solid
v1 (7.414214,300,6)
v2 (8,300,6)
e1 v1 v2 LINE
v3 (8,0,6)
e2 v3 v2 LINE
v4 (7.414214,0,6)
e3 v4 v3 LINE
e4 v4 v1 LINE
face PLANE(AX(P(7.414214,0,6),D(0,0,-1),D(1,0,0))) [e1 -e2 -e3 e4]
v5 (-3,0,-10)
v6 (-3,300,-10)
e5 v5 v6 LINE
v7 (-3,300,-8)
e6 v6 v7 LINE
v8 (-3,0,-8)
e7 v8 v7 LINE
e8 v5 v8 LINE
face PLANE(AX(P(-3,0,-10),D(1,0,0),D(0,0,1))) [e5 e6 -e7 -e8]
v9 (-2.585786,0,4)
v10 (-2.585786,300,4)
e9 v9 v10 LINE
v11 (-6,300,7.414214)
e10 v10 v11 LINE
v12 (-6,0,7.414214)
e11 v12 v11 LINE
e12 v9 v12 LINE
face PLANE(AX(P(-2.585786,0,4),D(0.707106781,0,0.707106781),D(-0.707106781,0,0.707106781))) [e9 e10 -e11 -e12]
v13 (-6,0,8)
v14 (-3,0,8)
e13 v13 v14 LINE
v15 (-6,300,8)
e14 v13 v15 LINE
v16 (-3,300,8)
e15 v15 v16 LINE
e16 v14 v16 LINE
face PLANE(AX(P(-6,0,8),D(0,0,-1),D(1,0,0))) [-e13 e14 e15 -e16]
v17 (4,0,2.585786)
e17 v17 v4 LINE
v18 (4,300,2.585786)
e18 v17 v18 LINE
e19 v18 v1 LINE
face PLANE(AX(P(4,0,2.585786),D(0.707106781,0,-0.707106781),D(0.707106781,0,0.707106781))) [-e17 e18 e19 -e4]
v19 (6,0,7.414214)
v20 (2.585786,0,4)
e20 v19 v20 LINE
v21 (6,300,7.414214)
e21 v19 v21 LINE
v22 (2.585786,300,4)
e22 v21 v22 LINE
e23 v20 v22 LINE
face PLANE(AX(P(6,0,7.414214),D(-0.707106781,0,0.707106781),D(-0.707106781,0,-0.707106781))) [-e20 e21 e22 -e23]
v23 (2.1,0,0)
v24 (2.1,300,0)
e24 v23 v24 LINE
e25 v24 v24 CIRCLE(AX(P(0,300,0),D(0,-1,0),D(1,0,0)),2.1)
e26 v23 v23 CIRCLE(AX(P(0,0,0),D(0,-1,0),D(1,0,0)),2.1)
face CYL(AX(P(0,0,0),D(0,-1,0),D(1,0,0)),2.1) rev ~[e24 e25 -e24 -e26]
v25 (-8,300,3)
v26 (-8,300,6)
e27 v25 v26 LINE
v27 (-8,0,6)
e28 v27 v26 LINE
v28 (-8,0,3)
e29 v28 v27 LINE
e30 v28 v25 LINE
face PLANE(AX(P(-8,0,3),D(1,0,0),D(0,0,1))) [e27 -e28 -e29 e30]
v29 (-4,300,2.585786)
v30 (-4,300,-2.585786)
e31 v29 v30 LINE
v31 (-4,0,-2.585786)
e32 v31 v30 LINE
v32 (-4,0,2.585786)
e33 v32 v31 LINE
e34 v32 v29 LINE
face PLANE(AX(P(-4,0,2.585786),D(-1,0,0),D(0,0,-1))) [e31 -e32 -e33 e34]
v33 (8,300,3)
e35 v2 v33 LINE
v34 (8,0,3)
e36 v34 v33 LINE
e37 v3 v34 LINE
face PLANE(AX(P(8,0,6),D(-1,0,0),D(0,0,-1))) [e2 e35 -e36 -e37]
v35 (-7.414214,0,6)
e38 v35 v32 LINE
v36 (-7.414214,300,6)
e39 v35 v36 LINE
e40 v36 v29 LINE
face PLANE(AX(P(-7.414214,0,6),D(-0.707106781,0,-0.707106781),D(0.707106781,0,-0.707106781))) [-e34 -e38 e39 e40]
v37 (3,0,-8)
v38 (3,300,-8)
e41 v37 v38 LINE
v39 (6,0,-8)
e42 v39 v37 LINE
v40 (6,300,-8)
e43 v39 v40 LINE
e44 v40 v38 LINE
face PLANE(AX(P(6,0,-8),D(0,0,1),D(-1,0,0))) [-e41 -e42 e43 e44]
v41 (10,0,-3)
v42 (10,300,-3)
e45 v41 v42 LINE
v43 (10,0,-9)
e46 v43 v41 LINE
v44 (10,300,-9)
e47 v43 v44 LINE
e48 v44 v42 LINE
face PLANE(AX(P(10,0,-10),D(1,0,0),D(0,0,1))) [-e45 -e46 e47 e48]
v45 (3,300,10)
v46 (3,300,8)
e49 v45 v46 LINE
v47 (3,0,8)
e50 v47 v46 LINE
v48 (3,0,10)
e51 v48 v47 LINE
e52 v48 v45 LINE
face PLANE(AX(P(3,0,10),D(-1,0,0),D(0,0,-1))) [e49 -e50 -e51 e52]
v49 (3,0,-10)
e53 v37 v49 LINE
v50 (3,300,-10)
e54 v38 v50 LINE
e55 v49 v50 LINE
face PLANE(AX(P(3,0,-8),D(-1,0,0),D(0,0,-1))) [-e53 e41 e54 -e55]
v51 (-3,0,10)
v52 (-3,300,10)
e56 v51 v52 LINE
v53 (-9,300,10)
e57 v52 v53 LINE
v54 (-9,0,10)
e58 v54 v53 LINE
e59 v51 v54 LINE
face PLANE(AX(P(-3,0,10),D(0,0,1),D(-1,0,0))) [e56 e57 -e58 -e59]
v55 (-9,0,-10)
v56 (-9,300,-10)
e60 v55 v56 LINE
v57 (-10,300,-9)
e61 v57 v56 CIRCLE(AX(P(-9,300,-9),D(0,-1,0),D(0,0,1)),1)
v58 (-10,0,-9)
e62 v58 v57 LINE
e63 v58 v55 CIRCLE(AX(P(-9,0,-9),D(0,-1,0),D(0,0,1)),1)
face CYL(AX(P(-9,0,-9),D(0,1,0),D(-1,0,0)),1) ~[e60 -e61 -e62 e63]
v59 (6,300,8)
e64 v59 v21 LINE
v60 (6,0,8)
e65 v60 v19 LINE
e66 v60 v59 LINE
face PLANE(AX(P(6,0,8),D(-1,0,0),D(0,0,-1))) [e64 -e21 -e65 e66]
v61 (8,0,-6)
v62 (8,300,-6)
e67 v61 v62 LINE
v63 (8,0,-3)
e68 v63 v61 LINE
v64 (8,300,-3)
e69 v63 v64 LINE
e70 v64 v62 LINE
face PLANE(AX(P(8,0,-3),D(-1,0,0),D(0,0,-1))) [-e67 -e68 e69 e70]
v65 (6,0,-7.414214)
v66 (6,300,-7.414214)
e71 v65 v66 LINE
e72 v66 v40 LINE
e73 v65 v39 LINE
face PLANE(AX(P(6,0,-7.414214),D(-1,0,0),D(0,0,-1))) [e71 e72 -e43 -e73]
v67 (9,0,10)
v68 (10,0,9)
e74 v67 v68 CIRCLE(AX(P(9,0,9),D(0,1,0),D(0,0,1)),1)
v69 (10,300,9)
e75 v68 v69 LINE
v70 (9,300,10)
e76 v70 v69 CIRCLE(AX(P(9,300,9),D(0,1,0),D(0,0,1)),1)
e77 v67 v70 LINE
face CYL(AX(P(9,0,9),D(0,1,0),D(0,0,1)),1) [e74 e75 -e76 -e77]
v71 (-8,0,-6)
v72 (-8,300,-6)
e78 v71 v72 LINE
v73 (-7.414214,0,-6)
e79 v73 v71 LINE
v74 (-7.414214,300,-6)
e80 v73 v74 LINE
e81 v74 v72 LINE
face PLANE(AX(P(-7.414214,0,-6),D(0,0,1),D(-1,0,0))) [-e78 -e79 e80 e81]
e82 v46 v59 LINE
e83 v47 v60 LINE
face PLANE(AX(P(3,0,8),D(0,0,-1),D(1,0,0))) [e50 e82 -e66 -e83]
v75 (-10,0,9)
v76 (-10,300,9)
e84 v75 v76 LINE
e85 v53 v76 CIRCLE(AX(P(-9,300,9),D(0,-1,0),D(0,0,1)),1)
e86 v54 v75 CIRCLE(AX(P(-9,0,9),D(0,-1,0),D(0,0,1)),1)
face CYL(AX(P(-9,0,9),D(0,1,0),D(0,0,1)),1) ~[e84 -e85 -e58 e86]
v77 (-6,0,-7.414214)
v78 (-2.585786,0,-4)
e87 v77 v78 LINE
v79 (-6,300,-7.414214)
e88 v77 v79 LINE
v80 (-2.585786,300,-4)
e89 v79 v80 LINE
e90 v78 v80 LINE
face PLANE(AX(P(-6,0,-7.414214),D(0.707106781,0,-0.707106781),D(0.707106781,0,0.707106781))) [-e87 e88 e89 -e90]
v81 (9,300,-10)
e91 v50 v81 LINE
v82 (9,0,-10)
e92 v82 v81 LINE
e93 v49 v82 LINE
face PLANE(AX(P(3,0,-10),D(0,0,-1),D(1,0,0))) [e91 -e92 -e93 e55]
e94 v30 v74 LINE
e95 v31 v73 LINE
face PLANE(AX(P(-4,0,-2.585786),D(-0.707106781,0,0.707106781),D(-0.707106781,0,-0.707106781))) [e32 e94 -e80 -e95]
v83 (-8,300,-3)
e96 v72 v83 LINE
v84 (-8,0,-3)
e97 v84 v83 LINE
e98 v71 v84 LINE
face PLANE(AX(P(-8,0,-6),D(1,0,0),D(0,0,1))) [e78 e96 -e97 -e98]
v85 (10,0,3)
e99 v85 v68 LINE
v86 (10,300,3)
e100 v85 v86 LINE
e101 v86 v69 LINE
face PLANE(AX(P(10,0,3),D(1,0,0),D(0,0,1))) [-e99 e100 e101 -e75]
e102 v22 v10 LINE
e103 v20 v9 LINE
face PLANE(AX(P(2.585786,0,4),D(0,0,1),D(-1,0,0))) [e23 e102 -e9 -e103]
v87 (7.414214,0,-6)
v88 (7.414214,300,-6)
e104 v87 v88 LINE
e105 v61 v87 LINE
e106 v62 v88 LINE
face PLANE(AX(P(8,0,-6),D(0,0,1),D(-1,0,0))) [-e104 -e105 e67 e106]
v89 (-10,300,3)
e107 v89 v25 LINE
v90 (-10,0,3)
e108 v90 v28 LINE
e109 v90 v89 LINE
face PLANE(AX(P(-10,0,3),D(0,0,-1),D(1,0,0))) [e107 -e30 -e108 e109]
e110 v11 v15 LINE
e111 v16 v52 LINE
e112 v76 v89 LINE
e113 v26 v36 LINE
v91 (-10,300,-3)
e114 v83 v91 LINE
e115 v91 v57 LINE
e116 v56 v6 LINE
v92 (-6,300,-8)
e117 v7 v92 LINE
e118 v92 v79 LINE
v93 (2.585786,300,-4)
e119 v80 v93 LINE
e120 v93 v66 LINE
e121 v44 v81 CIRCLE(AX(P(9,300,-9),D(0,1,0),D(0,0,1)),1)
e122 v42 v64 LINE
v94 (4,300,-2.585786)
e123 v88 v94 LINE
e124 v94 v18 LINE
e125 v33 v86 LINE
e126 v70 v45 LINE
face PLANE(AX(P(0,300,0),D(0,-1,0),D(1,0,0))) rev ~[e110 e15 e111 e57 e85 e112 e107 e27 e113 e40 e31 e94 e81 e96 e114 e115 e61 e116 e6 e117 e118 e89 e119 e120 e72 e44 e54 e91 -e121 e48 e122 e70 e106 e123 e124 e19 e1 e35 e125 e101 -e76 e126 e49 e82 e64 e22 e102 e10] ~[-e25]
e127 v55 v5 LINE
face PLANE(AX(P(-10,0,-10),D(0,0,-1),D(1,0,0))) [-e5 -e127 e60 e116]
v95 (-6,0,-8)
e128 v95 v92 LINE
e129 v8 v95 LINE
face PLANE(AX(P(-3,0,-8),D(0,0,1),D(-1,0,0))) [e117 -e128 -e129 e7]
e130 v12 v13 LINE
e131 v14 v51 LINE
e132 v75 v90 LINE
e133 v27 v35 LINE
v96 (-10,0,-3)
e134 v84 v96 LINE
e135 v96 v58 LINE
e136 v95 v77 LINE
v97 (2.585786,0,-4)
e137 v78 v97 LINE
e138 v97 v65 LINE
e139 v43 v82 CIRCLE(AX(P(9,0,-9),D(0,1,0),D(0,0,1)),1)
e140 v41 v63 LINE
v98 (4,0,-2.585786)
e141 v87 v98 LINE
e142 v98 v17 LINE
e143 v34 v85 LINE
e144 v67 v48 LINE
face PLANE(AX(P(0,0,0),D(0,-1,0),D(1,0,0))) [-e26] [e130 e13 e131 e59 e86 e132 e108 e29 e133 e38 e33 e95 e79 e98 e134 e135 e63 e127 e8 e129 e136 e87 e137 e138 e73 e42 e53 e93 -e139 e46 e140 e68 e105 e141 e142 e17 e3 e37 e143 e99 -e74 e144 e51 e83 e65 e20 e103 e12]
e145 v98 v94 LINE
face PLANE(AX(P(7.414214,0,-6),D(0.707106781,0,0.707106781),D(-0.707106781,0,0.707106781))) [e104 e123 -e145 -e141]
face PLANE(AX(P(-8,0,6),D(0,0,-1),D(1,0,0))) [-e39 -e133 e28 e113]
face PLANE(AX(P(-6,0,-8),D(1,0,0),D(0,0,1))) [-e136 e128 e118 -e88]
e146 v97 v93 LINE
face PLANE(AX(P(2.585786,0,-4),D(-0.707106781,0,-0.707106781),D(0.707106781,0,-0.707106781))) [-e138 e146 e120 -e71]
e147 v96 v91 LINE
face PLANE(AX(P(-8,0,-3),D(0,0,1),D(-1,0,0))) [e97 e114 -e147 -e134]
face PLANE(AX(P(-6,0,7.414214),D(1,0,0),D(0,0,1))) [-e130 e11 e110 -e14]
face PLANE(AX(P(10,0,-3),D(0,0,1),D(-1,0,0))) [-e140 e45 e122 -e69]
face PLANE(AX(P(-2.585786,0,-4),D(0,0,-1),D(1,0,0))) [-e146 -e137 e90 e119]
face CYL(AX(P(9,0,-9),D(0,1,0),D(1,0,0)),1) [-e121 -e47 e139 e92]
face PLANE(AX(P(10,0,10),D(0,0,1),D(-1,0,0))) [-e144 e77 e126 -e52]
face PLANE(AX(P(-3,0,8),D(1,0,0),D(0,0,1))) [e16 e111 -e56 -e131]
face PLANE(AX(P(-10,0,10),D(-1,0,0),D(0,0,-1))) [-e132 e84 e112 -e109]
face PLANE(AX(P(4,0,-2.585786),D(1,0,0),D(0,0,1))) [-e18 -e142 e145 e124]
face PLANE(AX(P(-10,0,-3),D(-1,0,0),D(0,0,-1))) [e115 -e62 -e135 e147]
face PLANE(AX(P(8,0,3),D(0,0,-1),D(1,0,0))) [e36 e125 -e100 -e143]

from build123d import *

# Parameters (mm, degrees)
F0_R     = 2.1
F1_DEPTH = 300
F2_R     = 1


with BuildPart() as f1:
    # F0 (on Front) → F1 (new body)
    with BuildSketch(Plane.XZ):
        Polygon((2.585786, 4), (0, 4), (-2.585786, 4), (-6, 7.414214), (-6, 8), (-3, 8), (-3, 10), (-10, 10), (-10, 3), (-8, 3), (-8, 6), (-7.414214, 6), (-4, 2.585786), (-4, 0), (-4, -2.585786), (-7.414214, -6), (-8, -6), (-8, -3), (-10, -3), (-10, -10), (-3, -10), (-3, -8), (-6, -8), (-6, -7.414214), (-2.585786, -4), (0, -4), (2.585786, -4), (6, -7.414214), (6, -8), (3, -8), (3, -10), (10, -10), (10, -3), (8, -3), (8, -6), (7.414214, -6), (4, -2.585786), (4, 0), (4, 2.585786), (7.414214, 6), (8, 6), (8, 3), (10, 3), (10, 10), (3, 10), (3, 8), (6, 8), (6, 7.414214), align=None)
        Circle(F0_R, mode=Mode.SUBTRACT)
    extrude(amount=-F1_DEPTH)

    # F2
    f2_edges = [f1.edges().sort_by_distance(p)[0] for p in [
        (-10, 150, 10),
        (10, 150, 10),
        (10, 150, -10),
        (-10, 150, -10),
    ]]
    fillet(f2_edges, radius=F2_R)


solid = f1.part
